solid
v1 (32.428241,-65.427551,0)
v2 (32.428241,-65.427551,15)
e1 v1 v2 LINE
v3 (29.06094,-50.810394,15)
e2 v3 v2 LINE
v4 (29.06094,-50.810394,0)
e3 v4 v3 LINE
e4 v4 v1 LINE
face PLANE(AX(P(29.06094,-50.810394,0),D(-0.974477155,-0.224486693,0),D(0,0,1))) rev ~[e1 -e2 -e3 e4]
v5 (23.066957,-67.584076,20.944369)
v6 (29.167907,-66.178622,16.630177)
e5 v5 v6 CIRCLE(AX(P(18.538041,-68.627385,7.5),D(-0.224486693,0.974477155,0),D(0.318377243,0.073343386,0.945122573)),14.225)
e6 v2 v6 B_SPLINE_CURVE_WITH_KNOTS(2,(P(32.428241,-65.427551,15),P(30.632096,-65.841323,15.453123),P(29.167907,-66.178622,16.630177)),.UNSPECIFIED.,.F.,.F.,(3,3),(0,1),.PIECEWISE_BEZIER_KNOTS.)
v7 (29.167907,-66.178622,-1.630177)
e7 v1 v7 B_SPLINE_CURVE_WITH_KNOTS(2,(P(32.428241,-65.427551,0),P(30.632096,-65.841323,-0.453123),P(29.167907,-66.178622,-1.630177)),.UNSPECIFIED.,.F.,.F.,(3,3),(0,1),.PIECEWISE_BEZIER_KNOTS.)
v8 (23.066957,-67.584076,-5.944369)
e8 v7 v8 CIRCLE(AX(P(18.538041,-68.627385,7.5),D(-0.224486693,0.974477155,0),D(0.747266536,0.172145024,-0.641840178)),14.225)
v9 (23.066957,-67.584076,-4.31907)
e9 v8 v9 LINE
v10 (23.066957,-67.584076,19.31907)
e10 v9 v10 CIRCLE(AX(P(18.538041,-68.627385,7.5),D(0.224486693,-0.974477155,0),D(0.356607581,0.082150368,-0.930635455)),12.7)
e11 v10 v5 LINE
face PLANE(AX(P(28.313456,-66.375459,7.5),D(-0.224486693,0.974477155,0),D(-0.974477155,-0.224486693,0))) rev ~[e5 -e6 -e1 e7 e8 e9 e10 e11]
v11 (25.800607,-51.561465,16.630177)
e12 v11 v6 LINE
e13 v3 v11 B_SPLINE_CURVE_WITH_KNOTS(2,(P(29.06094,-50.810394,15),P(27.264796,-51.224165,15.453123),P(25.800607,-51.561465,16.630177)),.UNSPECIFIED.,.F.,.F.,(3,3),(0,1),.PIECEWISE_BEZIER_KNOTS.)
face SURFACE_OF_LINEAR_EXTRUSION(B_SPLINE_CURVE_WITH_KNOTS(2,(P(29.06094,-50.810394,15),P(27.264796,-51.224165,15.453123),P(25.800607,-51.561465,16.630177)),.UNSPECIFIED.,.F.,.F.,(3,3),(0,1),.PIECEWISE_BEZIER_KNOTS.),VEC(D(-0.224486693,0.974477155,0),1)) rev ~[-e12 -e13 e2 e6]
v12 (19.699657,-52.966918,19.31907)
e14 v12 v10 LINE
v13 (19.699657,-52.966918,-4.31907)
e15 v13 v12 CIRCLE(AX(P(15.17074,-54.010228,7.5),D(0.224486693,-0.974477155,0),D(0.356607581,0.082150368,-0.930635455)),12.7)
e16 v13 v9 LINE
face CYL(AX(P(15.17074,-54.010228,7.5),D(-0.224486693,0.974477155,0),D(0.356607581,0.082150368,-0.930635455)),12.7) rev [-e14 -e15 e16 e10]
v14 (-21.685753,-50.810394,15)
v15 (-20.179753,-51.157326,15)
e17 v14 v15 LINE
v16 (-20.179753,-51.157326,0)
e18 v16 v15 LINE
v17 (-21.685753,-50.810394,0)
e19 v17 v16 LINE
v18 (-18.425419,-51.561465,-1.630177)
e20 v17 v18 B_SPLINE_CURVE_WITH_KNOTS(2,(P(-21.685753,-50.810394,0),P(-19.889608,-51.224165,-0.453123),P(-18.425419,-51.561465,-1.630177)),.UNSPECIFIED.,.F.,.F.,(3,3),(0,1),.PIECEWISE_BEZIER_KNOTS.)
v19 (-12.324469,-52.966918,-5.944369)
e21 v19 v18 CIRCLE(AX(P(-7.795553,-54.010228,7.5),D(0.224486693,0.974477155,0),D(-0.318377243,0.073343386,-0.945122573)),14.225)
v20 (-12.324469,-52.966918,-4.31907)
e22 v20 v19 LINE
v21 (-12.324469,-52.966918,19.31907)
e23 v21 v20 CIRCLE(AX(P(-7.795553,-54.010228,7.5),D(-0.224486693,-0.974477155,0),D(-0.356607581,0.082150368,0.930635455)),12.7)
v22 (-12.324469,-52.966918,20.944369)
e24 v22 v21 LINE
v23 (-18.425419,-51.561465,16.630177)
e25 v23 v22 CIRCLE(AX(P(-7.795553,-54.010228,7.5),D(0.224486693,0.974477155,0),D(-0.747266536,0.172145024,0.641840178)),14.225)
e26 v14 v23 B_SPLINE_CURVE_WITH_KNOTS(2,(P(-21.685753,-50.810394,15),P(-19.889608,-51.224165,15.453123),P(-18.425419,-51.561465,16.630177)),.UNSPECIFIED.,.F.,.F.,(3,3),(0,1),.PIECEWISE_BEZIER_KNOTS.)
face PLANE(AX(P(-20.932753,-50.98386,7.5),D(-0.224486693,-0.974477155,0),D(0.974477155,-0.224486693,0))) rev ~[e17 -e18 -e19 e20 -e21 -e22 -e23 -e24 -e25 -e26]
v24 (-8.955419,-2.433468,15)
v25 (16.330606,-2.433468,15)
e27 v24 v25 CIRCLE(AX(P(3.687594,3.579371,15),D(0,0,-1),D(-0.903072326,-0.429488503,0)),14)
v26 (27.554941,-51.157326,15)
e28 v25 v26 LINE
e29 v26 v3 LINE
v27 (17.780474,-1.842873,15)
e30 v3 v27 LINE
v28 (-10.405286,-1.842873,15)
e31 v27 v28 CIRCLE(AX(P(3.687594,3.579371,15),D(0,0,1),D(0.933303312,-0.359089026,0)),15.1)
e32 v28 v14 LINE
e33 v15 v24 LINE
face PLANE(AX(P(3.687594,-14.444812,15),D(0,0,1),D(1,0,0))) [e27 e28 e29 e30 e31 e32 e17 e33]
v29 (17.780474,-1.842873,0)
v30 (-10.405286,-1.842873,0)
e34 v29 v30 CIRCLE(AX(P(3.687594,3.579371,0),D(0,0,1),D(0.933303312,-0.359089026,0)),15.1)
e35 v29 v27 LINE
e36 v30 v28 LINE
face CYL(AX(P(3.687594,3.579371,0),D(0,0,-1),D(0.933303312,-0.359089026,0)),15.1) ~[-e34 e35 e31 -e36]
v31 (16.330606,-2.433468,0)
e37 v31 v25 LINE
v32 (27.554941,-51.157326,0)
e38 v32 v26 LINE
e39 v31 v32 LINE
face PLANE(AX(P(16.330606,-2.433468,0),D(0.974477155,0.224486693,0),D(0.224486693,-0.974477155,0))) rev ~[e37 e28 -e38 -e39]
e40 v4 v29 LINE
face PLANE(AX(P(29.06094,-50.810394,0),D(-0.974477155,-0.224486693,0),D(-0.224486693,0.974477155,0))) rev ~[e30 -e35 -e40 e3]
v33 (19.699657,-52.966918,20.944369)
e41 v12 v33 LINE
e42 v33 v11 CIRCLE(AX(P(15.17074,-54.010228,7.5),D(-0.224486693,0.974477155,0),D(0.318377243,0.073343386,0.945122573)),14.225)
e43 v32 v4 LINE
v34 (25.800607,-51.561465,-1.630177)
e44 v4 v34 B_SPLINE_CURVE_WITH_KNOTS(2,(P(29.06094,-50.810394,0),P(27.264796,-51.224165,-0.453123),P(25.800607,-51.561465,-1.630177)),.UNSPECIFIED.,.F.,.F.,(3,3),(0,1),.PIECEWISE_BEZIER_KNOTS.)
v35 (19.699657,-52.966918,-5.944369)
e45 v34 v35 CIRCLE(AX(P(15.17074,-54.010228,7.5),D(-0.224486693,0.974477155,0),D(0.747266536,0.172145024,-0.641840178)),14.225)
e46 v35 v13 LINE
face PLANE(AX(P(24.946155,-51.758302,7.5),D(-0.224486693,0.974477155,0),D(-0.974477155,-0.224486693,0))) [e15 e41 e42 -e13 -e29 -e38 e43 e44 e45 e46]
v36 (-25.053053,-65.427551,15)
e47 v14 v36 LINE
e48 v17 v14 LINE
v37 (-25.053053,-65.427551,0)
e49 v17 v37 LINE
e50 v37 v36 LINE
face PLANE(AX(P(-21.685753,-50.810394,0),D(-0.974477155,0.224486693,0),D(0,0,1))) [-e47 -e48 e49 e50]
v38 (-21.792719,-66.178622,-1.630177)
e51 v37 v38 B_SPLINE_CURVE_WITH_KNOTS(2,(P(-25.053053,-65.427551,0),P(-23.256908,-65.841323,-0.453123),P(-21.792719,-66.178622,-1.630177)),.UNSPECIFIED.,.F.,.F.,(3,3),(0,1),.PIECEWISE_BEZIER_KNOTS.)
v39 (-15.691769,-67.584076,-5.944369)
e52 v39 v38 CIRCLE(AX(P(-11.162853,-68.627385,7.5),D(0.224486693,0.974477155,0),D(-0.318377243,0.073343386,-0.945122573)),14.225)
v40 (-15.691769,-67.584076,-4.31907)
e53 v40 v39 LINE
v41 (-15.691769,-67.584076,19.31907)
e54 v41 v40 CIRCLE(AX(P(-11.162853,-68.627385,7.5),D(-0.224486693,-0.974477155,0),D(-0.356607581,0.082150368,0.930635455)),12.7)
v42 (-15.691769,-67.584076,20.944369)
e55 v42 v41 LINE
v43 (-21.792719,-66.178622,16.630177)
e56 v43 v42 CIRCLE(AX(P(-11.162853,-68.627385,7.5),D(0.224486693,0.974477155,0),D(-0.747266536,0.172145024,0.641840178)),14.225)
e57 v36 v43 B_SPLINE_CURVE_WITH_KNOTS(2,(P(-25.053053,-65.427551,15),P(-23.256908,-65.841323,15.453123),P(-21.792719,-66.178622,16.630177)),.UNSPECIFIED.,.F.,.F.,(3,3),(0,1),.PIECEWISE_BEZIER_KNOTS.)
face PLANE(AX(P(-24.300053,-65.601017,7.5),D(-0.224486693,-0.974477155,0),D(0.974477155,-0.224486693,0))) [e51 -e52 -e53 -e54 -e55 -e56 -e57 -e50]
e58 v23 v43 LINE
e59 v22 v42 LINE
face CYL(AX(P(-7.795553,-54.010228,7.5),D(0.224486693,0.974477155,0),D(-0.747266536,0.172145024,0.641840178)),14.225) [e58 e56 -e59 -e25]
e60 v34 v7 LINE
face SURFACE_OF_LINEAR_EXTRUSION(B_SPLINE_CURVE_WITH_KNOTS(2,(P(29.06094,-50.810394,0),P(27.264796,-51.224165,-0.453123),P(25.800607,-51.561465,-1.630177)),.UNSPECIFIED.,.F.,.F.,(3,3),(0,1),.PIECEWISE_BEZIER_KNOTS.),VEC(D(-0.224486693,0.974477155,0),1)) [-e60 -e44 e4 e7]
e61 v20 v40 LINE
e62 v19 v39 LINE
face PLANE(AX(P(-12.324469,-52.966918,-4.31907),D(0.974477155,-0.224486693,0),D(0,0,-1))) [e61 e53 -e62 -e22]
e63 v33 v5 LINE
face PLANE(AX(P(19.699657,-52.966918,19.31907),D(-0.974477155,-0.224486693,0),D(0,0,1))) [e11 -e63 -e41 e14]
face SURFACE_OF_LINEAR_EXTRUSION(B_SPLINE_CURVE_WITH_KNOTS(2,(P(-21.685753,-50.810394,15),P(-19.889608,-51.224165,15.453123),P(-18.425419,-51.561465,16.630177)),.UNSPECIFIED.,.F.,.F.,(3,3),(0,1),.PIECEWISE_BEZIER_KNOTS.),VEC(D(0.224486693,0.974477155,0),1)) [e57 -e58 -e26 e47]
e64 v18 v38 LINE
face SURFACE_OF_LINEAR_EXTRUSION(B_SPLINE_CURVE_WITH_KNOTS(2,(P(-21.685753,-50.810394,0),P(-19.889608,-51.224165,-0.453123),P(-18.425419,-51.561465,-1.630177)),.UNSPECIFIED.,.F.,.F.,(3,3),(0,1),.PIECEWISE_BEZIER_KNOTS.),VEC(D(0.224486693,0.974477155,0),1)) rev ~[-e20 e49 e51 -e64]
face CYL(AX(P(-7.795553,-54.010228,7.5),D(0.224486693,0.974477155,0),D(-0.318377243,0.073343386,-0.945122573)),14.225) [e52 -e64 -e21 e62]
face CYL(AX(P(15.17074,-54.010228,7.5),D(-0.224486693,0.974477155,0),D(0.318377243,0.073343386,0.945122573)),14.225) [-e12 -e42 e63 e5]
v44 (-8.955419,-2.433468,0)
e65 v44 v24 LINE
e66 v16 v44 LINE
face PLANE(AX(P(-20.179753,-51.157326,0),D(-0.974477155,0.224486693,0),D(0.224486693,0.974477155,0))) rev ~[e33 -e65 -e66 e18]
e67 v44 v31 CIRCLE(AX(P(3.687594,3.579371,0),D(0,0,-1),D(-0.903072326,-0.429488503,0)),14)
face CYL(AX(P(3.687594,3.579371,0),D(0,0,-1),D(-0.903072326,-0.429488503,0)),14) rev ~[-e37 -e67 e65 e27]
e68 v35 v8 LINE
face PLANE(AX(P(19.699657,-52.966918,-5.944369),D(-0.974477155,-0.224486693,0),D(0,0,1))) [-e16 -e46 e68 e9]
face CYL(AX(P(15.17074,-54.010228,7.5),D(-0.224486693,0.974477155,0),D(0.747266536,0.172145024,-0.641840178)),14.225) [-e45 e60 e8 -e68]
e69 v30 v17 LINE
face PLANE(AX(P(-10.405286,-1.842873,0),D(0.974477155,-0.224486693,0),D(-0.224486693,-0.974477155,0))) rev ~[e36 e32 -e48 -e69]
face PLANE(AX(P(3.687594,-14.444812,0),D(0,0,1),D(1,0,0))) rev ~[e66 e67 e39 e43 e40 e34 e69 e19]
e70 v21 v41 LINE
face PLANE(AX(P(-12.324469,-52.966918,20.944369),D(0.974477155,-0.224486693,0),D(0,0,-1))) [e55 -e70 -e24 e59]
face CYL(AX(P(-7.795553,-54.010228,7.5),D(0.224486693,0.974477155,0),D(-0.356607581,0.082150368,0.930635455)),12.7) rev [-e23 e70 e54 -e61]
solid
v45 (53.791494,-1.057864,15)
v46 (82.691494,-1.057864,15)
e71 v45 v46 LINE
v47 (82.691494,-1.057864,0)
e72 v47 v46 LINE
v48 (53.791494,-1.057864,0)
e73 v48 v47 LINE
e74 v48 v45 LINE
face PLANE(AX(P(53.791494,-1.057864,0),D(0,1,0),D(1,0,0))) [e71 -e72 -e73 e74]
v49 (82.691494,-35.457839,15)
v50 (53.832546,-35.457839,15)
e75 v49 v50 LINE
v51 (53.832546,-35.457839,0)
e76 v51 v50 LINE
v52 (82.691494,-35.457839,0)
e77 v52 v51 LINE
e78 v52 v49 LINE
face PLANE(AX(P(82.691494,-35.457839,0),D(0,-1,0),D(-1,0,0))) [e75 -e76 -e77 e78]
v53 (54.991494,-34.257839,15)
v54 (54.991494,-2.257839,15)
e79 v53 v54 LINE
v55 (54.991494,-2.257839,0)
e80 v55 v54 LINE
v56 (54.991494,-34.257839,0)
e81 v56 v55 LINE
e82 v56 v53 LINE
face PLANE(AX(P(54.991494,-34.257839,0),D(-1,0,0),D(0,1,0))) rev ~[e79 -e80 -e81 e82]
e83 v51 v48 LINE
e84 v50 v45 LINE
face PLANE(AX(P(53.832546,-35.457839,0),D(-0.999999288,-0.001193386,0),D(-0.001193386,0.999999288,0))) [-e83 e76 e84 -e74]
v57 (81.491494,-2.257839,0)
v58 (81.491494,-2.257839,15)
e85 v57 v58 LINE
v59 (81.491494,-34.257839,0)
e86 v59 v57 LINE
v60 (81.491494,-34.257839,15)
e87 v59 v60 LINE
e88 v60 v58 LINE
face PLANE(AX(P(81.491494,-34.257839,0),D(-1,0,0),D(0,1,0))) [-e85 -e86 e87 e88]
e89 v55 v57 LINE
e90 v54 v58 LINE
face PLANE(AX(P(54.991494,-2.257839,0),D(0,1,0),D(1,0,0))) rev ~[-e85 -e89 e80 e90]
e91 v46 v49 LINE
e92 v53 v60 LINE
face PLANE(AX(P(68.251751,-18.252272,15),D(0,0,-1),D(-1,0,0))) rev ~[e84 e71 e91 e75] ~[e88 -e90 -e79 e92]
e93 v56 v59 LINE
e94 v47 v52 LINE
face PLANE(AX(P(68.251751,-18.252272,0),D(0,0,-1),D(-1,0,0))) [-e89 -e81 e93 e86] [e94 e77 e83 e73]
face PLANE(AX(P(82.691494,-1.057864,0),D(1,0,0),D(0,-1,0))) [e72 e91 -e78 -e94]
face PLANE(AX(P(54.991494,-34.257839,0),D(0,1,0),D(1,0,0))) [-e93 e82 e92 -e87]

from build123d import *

# Parameters (mm, degrees)
BOSS_EXTRUDE1_DEPTH = 15
SKETCH2_W           = 1.545443363
SKETCH2_H           = 15
BOSS_EXTRUDE2_DEPTH = 15
SKETCH3_W           = 1.545443364
SKETCH3_H           = 15
BOSS_EXTRUDE3_DEPTH = 15
SKETCH4_W           = 26.5
SKETCH4_H           = 32
BOSS_EXTRUDE4_DEPTH = 15


with BuildPart() as part:
    # Sketch1 → Boss-Extrude1 (new body)
    with BuildSketch(Plane.XY):
        with BuildLine():
            ThreePointArc((17.78047381, -1.842873049), (3.687593803, 18.679371239), (-10.405286203, -1.842873049))
            Line((-10.405286203, -1.842873049), (-21.685752651, -50.81039406))
            Line((-21.685752651, -50.81039406), (-20.179753399, -51.157325529))
            Line((-20.179753399, -51.157325529), (-8.95541876, -2.433467801))
            ThreePointArc((-8.95541876, -2.433467801), (3.687593803, 17.579371239), (16.330606367, -2.433467801))
            Line((16.330606367, -2.433467801), (27.554941006, -51.157325529))
            Line((27.554941006, -51.157325529), (29.060940258, -50.81039406))
            Line((29.060940258, -50.81039406), (17.78047381, -1.842873049))
        make_face()
    extrude(amount=BOSS_EXTRUDE1_DEPTH)

    # Sketch2 → Boss-Extrude2 (add)
    with BuildSketch(Plane(origin=(12.579642201, -54.607129649, 0), x_dir=(0.9744771545600535, 0.22448669279167044, 0), z_dir=(0.22448669279167044, -0.9744771545600535, 0))):
        with BuildLine():
            add(Edge.make_bspline(
                [(16.912965049, 0), (15.069776896, -0.453122882), (13.567239051, -1.630176533)],
                knots=[0, 0, 0, 1, 1, 1], degree=2))
            ThreePointArc((13.567239051, -1.630176533), (10.730447914, -4.213314865), (7.306496901, -5.944368606))
            Line((7.306496901, -5.944368606), (7.306496901, -4.319070277))
            ThreePointArc((7.306496901, -4.319070277), (15.358962309, 7.5), (7.306496901, 19.319070277))
            Line((7.306496901, 19.319070277), (7.306496901, 20.944368606))
            ThreePointArc((7.306496901, 20.944368606), (10.730447914, 19.213314865), (13.567239051, 16.630176533))
            add(Edge.make_bspline(
                [(16.912965049, 15), (15.069776896, 15.453122882), (13.567239051, 16.630176533)],
                knots=[0, 0, 0, 1, 1, 1], degree=2))
            Line((16.912965049, 15), (15.367521686, 15))
            Line((15.367521686, 15), (15.367521686, 0))
            Line((15.367521686, 0), (16.912965049, 0))
        make_face()
        with Locations((16.140243368, 7.5)):
            Rectangle(SKETCH2_W, SKETCH2_H)
    extrude(amount=BOSS_EXTRUDE2_DEPTH)

    # Sketch3 → Boss-Extrude3 (add)
    with BuildSketch(Plane(origin=(-12.207974967, -52.993754601, 0), x_dir=(0.9744771545600535, -0.22448669279167044, 0), z_dir=(-0.22448669279167044, -0.9744771545600535, 0))):
        with Locations((-8.953291534, 7.5)):
            Rectangle(SKETCH3_W, SKETCH3_H)
        with BuildLine():
            add(Edge.make_bspline(
                [(-9.726013216, 15), (-7.882825063, 15.453122882), (-6.380287218, 16.630176533)],
                knots=[0, 0, 0, 1, 1, 1], degree=2))
            ThreePointArc((-6.380287218, 16.630176533), (-3.543496081, 19.213314865), (-0.119545067, 20.944368606))
            Line((-0.119545067, 20.944368606), (-0.119545067, 19.319070277))
            ThreePointArc((-0.119545067, 19.319070277), (-8.172010476, 7.5), (-0.119545067, -4.319070277))
            Line((-0.119545067, -4.319070277), (-0.119545067, -5.944368606))
            ThreePointArc((-0.119545067, -5.944368606), (-3.543496081, -4.213314865), (-6.380287218, -1.630176533))
            add(Edge.make_bspline(
                [(-9.726013216, 0), (-7.882825063, -0.453122882), (-6.380287218, -1.630176533)],
                knots=[0, 0, 0, 1, 1, 1], degree=2))
            Line((-9.726013216, 0), (-8.180569852, 0))
            Line((-8.180569852, 0), (-8.180569852, 15))
            Line((-8.180569852, 15), (-9.726013216, 15))
        make_face()
    extrude(amount=BOSS_EXTRUDE3_DEPTH)


with BuildPart() as body_2:
    # Sketch4 → Boss-Extrude4 (new body)
    with BuildSketch(Plane.XY):
        Polygon((53.791493567, -1.057863552), (82.691493567, -1.057863552), (82.691493567, -35.457839056), (53.832546045, -35.457839056), align=None)
        with Locations((68.241493537, -18.257839056)):
            Rectangle(SKETCH4_W, SKETCH4_H, mode=Mode.SUBTRACT)
    extrude(amount=BOSS_EXTRUDE4_DEPTH)


solid = Compound([part.part, body_2.part])
